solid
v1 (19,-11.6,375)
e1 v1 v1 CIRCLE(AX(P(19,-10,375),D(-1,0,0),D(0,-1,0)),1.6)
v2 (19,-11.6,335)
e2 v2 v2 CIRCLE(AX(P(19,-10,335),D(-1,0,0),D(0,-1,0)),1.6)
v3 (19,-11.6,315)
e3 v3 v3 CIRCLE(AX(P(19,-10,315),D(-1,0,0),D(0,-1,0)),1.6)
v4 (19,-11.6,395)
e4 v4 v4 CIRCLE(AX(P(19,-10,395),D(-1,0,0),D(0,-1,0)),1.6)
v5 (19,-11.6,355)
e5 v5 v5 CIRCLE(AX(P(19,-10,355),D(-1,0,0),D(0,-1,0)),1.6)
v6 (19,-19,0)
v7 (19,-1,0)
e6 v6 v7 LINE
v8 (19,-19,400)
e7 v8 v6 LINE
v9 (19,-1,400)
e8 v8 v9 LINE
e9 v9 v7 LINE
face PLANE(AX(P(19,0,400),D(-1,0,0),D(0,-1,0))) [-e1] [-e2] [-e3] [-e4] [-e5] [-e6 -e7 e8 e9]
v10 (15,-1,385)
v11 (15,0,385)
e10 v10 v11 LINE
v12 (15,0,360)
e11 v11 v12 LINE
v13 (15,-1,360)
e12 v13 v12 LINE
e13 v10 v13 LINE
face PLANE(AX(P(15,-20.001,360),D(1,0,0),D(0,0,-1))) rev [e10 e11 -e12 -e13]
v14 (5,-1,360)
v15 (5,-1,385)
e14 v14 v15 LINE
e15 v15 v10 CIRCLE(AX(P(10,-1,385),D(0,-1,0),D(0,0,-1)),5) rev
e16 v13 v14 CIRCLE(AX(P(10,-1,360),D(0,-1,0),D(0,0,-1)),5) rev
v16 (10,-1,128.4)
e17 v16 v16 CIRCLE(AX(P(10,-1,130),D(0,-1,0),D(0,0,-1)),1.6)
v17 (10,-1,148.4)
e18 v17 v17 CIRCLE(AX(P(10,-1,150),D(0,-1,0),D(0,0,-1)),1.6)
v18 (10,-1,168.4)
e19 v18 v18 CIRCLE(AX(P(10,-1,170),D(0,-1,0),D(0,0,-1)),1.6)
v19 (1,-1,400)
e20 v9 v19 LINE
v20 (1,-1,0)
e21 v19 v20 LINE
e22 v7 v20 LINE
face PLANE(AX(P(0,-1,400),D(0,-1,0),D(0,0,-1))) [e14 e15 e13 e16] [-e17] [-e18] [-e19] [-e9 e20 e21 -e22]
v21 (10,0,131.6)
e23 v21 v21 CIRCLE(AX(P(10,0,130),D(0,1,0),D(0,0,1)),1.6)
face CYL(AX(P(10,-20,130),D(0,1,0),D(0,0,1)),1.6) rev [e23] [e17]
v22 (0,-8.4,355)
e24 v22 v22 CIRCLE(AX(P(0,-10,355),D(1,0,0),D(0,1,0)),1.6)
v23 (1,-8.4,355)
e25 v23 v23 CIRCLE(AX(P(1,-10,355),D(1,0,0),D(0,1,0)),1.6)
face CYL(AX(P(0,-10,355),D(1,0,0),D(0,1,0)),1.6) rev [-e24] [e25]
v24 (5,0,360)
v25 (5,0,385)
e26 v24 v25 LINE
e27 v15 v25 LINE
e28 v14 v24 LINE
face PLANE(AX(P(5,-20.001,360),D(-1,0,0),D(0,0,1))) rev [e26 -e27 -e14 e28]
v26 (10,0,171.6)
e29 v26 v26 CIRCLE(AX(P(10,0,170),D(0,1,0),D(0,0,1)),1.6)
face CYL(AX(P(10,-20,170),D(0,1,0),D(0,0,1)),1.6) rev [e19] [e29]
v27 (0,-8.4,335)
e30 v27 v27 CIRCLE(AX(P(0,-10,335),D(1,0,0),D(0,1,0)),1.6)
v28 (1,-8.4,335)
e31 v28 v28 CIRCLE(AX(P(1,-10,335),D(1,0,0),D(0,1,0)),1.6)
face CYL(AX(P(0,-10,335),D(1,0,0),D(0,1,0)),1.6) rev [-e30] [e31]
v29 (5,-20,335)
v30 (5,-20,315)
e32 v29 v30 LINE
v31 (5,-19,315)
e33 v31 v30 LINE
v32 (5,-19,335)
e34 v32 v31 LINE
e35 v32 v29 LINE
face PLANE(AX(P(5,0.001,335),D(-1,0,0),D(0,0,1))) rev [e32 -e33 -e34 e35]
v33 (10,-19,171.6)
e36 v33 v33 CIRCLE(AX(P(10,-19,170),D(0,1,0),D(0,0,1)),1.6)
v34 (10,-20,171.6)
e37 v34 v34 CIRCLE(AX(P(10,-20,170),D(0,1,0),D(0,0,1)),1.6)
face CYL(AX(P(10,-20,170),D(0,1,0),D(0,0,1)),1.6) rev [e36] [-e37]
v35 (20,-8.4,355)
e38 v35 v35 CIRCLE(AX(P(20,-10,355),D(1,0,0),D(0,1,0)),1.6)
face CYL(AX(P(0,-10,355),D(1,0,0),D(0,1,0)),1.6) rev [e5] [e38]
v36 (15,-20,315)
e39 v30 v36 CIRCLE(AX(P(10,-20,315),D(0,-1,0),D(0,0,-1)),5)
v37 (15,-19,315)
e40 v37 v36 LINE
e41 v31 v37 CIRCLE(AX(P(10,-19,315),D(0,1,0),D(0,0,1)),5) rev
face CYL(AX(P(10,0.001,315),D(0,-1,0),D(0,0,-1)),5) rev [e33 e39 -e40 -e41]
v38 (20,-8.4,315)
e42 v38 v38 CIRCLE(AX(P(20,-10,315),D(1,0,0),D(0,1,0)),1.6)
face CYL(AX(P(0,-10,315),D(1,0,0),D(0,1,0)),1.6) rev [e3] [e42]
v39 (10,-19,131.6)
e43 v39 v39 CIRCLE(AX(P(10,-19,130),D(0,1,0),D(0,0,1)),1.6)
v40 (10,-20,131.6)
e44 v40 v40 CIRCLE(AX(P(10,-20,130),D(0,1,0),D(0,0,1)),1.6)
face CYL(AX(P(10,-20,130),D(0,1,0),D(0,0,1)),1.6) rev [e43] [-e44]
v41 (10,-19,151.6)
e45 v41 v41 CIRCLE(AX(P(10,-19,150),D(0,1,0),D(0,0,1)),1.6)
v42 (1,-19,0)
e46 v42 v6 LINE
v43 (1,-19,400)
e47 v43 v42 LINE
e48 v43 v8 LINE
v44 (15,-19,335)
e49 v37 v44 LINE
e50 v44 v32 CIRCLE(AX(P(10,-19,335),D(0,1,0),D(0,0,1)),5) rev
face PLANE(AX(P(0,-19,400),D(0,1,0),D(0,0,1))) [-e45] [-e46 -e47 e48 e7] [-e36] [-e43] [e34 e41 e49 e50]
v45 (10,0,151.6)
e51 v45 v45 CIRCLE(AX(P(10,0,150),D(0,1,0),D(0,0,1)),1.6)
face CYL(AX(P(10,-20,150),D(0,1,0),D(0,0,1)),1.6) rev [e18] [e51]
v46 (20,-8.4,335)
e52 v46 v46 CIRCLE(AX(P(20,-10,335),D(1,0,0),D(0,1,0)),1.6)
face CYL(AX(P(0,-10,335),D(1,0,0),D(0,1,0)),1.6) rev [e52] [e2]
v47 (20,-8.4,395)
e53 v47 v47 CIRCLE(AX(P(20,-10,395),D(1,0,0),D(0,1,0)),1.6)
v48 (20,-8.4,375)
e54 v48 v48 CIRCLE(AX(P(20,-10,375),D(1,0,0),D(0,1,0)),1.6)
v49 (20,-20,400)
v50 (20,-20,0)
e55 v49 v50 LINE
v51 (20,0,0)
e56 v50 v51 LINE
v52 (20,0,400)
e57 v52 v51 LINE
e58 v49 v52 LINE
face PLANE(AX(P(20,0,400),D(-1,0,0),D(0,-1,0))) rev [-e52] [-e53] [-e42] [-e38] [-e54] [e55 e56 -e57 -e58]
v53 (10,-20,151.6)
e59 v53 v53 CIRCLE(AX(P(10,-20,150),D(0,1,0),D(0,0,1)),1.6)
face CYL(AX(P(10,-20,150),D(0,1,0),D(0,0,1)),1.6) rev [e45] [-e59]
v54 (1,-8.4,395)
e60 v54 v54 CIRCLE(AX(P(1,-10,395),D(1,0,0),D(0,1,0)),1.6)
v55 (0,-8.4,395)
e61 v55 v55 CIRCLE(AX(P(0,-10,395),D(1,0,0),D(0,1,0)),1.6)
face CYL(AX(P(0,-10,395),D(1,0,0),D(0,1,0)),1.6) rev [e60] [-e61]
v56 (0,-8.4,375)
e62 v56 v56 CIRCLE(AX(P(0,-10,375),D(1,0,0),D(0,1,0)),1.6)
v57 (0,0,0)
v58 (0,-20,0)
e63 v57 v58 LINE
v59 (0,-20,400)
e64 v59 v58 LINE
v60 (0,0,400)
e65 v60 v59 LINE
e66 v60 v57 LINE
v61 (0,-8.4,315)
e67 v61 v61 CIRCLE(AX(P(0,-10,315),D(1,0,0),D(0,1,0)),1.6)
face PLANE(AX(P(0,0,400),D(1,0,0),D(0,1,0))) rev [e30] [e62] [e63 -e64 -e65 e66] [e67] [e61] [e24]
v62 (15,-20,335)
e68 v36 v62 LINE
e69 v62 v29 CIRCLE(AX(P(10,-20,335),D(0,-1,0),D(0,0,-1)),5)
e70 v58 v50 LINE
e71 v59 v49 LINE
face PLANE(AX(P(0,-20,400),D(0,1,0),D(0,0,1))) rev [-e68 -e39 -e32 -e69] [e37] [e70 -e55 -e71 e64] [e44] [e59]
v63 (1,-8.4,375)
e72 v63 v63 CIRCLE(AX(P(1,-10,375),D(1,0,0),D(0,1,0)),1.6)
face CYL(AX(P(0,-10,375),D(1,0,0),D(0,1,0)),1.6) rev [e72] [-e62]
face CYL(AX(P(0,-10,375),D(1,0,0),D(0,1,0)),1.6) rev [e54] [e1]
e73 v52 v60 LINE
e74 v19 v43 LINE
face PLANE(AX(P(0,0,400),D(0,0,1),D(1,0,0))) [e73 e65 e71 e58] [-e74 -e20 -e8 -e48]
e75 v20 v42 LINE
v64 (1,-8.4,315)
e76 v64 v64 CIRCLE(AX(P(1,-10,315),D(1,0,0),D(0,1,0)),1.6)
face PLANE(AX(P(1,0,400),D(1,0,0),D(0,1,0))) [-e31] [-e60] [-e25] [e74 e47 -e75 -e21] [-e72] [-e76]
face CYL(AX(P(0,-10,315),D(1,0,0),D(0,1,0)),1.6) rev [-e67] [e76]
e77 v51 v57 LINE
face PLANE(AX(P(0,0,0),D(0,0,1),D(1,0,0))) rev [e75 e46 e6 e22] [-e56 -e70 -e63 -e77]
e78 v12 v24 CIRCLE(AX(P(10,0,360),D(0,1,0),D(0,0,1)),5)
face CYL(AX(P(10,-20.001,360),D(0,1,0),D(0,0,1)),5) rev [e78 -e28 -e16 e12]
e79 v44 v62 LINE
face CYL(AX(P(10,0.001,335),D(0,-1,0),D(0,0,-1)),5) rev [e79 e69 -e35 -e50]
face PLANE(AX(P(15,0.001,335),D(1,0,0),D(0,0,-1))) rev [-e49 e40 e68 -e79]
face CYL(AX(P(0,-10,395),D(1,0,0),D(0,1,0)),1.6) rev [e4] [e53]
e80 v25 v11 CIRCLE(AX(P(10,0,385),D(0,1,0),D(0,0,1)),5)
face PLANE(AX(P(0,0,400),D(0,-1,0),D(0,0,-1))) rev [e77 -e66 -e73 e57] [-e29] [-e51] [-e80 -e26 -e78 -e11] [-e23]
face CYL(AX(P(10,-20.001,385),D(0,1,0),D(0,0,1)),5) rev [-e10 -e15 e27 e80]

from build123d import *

# Parameters (mm, degrees)
SKETCH_1_W          = 20
SKETCH_1_H          = 20
SKETCH_1_W_2        = 18
SKETCH_1_H_2        = 18
EXTRUDE_1_DEPTH     = 400
SKETCH_2_R          = 1.6
CUT_EXTRUDE_1_DEPTH = 401.998753115
CUT_EXTRUDE_2_REACH = 402.999
CUT_EXTRUDE_3_REACH = 402.999
SKETCH_5_R          = 1.6
CUT_EXTRUDE_4_DEPTH = 401.998753115


with BuildPart() as part:
    # 草图1 → 拉伸-薄壁1 (new body)
    with BuildSketch(Plane.XY):
        with Locations((10, -10)):
            Rectangle(SKETCH_1_W, SKETCH_1_H)
        with Locations((10, -10)):
            Rectangle(SKETCH_1_W_2, SKETCH_1_H_2, mode=Mode.SUBTRACT)
    extrude(amount=EXTRUDE_1_DEPTH)

    # 草图2 → 切除-拉伸1 (cut, through all)
    with BuildSketch(Plane(origin=(20, 0, 0), x_dir=(0, 0, -1), z_dir=(1, 0, 0))):
        with Locations(Location((-395, -10, 0), (0, 0, 90))):
            Circle(SKETCH_2_R)
        with Locations(Location((-375, -10, 0), (0, 0, 90))):
            Circle(SKETCH_2_R)
        with Locations(Location((-355, -10, 0), (0, 0, 90))):
            Circle(SKETCH_2_R)
        with Locations(Location((-335, -10, 0), (0, 0, 90))):
            Circle(SKETCH_2_R)
        with Locations(Location((-315, -10, 0), (0, 0, 90))):
            Circle(SKETCH_2_R)
    extrude(amount=-CUT_EXTRUDE_1_DEPTH, mode=Mode.SUBTRACT)

    # 草图3 → 切除-拉伸2 (cut, up to next)
    with BuildSketch(Plane(origin=(0, 0, 0), x_dir=(1, 0, 0), z_dir=(0, 1, 0)), mode=Mode.PRIVATE) as cut_extrude_2_sk1:
        with BuildLine():
            Line((15, -360), (15, -385))
            ThreePointArc((15, -385), (10, -390), (5, -385))
            Line((5, -385), (5, -360))
            ThreePointArc((5, -360), (10, -355), (15, -360))
        make_face()
    cut_extrude_2_tool1 = extrude(cut_extrude_2_sk1.sketch, amount=-CUT_EXTRUDE_2_REACH, mode=Mode.PRIVATE) & part.part
    add(cut_extrude_2_tool1.solids().sort_by_distance((10, 0, 372.5))[0], mode=Mode.SUBTRACT)

    # 草图4 → 切除-拉伸3 (cut, up to next)
    with BuildSketch(Plane.XZ.offset(20), mode=Mode.PRIVATE) as cut_extrude_3_sk1:
        with BuildLine():
            Line((15, 335), (15, 315))
            ThreePointArc((15, 315), (10, 310), (5, 315))
            Line((5, 315), (5, 335))
            ThreePointArc((5, 335), (10, 340), (15, 335))
        make_face()
    cut_extrude_3_tool1 = extrude(cut_extrude_3_sk1.sketch, amount=-CUT_EXTRUDE_3_REACH, mode=Mode.PRIVATE) & part.part
    add(cut_extrude_3_tool1.solids().sort_by_distance((10, -20, 325))[0], mode=Mode.SUBTRACT)

    # 草图5 → 切除-拉伸4 (cut, through all)
    with BuildSketch(Plane(origin=(0, 0, 0), x_dir=(1, 0, 0), z_dir=(0, 1, 0))):
        with Locations(Location((10, -130, 0), (0, 0, 270))):
            Circle(SKETCH_5_R)
        with Locations(Location((10, -150, 0), (0, 0, 270))):
            Circle(SKETCH_5_R)
        with Locations(Location((10, -170, 0), (0, 0, 270))):
            Circle(SKETCH_5_R)
    extrude(amount=-CUT_EXTRUDE_4_DEPTH, mode=Mode.SUBTRACT)


solid = part.part
